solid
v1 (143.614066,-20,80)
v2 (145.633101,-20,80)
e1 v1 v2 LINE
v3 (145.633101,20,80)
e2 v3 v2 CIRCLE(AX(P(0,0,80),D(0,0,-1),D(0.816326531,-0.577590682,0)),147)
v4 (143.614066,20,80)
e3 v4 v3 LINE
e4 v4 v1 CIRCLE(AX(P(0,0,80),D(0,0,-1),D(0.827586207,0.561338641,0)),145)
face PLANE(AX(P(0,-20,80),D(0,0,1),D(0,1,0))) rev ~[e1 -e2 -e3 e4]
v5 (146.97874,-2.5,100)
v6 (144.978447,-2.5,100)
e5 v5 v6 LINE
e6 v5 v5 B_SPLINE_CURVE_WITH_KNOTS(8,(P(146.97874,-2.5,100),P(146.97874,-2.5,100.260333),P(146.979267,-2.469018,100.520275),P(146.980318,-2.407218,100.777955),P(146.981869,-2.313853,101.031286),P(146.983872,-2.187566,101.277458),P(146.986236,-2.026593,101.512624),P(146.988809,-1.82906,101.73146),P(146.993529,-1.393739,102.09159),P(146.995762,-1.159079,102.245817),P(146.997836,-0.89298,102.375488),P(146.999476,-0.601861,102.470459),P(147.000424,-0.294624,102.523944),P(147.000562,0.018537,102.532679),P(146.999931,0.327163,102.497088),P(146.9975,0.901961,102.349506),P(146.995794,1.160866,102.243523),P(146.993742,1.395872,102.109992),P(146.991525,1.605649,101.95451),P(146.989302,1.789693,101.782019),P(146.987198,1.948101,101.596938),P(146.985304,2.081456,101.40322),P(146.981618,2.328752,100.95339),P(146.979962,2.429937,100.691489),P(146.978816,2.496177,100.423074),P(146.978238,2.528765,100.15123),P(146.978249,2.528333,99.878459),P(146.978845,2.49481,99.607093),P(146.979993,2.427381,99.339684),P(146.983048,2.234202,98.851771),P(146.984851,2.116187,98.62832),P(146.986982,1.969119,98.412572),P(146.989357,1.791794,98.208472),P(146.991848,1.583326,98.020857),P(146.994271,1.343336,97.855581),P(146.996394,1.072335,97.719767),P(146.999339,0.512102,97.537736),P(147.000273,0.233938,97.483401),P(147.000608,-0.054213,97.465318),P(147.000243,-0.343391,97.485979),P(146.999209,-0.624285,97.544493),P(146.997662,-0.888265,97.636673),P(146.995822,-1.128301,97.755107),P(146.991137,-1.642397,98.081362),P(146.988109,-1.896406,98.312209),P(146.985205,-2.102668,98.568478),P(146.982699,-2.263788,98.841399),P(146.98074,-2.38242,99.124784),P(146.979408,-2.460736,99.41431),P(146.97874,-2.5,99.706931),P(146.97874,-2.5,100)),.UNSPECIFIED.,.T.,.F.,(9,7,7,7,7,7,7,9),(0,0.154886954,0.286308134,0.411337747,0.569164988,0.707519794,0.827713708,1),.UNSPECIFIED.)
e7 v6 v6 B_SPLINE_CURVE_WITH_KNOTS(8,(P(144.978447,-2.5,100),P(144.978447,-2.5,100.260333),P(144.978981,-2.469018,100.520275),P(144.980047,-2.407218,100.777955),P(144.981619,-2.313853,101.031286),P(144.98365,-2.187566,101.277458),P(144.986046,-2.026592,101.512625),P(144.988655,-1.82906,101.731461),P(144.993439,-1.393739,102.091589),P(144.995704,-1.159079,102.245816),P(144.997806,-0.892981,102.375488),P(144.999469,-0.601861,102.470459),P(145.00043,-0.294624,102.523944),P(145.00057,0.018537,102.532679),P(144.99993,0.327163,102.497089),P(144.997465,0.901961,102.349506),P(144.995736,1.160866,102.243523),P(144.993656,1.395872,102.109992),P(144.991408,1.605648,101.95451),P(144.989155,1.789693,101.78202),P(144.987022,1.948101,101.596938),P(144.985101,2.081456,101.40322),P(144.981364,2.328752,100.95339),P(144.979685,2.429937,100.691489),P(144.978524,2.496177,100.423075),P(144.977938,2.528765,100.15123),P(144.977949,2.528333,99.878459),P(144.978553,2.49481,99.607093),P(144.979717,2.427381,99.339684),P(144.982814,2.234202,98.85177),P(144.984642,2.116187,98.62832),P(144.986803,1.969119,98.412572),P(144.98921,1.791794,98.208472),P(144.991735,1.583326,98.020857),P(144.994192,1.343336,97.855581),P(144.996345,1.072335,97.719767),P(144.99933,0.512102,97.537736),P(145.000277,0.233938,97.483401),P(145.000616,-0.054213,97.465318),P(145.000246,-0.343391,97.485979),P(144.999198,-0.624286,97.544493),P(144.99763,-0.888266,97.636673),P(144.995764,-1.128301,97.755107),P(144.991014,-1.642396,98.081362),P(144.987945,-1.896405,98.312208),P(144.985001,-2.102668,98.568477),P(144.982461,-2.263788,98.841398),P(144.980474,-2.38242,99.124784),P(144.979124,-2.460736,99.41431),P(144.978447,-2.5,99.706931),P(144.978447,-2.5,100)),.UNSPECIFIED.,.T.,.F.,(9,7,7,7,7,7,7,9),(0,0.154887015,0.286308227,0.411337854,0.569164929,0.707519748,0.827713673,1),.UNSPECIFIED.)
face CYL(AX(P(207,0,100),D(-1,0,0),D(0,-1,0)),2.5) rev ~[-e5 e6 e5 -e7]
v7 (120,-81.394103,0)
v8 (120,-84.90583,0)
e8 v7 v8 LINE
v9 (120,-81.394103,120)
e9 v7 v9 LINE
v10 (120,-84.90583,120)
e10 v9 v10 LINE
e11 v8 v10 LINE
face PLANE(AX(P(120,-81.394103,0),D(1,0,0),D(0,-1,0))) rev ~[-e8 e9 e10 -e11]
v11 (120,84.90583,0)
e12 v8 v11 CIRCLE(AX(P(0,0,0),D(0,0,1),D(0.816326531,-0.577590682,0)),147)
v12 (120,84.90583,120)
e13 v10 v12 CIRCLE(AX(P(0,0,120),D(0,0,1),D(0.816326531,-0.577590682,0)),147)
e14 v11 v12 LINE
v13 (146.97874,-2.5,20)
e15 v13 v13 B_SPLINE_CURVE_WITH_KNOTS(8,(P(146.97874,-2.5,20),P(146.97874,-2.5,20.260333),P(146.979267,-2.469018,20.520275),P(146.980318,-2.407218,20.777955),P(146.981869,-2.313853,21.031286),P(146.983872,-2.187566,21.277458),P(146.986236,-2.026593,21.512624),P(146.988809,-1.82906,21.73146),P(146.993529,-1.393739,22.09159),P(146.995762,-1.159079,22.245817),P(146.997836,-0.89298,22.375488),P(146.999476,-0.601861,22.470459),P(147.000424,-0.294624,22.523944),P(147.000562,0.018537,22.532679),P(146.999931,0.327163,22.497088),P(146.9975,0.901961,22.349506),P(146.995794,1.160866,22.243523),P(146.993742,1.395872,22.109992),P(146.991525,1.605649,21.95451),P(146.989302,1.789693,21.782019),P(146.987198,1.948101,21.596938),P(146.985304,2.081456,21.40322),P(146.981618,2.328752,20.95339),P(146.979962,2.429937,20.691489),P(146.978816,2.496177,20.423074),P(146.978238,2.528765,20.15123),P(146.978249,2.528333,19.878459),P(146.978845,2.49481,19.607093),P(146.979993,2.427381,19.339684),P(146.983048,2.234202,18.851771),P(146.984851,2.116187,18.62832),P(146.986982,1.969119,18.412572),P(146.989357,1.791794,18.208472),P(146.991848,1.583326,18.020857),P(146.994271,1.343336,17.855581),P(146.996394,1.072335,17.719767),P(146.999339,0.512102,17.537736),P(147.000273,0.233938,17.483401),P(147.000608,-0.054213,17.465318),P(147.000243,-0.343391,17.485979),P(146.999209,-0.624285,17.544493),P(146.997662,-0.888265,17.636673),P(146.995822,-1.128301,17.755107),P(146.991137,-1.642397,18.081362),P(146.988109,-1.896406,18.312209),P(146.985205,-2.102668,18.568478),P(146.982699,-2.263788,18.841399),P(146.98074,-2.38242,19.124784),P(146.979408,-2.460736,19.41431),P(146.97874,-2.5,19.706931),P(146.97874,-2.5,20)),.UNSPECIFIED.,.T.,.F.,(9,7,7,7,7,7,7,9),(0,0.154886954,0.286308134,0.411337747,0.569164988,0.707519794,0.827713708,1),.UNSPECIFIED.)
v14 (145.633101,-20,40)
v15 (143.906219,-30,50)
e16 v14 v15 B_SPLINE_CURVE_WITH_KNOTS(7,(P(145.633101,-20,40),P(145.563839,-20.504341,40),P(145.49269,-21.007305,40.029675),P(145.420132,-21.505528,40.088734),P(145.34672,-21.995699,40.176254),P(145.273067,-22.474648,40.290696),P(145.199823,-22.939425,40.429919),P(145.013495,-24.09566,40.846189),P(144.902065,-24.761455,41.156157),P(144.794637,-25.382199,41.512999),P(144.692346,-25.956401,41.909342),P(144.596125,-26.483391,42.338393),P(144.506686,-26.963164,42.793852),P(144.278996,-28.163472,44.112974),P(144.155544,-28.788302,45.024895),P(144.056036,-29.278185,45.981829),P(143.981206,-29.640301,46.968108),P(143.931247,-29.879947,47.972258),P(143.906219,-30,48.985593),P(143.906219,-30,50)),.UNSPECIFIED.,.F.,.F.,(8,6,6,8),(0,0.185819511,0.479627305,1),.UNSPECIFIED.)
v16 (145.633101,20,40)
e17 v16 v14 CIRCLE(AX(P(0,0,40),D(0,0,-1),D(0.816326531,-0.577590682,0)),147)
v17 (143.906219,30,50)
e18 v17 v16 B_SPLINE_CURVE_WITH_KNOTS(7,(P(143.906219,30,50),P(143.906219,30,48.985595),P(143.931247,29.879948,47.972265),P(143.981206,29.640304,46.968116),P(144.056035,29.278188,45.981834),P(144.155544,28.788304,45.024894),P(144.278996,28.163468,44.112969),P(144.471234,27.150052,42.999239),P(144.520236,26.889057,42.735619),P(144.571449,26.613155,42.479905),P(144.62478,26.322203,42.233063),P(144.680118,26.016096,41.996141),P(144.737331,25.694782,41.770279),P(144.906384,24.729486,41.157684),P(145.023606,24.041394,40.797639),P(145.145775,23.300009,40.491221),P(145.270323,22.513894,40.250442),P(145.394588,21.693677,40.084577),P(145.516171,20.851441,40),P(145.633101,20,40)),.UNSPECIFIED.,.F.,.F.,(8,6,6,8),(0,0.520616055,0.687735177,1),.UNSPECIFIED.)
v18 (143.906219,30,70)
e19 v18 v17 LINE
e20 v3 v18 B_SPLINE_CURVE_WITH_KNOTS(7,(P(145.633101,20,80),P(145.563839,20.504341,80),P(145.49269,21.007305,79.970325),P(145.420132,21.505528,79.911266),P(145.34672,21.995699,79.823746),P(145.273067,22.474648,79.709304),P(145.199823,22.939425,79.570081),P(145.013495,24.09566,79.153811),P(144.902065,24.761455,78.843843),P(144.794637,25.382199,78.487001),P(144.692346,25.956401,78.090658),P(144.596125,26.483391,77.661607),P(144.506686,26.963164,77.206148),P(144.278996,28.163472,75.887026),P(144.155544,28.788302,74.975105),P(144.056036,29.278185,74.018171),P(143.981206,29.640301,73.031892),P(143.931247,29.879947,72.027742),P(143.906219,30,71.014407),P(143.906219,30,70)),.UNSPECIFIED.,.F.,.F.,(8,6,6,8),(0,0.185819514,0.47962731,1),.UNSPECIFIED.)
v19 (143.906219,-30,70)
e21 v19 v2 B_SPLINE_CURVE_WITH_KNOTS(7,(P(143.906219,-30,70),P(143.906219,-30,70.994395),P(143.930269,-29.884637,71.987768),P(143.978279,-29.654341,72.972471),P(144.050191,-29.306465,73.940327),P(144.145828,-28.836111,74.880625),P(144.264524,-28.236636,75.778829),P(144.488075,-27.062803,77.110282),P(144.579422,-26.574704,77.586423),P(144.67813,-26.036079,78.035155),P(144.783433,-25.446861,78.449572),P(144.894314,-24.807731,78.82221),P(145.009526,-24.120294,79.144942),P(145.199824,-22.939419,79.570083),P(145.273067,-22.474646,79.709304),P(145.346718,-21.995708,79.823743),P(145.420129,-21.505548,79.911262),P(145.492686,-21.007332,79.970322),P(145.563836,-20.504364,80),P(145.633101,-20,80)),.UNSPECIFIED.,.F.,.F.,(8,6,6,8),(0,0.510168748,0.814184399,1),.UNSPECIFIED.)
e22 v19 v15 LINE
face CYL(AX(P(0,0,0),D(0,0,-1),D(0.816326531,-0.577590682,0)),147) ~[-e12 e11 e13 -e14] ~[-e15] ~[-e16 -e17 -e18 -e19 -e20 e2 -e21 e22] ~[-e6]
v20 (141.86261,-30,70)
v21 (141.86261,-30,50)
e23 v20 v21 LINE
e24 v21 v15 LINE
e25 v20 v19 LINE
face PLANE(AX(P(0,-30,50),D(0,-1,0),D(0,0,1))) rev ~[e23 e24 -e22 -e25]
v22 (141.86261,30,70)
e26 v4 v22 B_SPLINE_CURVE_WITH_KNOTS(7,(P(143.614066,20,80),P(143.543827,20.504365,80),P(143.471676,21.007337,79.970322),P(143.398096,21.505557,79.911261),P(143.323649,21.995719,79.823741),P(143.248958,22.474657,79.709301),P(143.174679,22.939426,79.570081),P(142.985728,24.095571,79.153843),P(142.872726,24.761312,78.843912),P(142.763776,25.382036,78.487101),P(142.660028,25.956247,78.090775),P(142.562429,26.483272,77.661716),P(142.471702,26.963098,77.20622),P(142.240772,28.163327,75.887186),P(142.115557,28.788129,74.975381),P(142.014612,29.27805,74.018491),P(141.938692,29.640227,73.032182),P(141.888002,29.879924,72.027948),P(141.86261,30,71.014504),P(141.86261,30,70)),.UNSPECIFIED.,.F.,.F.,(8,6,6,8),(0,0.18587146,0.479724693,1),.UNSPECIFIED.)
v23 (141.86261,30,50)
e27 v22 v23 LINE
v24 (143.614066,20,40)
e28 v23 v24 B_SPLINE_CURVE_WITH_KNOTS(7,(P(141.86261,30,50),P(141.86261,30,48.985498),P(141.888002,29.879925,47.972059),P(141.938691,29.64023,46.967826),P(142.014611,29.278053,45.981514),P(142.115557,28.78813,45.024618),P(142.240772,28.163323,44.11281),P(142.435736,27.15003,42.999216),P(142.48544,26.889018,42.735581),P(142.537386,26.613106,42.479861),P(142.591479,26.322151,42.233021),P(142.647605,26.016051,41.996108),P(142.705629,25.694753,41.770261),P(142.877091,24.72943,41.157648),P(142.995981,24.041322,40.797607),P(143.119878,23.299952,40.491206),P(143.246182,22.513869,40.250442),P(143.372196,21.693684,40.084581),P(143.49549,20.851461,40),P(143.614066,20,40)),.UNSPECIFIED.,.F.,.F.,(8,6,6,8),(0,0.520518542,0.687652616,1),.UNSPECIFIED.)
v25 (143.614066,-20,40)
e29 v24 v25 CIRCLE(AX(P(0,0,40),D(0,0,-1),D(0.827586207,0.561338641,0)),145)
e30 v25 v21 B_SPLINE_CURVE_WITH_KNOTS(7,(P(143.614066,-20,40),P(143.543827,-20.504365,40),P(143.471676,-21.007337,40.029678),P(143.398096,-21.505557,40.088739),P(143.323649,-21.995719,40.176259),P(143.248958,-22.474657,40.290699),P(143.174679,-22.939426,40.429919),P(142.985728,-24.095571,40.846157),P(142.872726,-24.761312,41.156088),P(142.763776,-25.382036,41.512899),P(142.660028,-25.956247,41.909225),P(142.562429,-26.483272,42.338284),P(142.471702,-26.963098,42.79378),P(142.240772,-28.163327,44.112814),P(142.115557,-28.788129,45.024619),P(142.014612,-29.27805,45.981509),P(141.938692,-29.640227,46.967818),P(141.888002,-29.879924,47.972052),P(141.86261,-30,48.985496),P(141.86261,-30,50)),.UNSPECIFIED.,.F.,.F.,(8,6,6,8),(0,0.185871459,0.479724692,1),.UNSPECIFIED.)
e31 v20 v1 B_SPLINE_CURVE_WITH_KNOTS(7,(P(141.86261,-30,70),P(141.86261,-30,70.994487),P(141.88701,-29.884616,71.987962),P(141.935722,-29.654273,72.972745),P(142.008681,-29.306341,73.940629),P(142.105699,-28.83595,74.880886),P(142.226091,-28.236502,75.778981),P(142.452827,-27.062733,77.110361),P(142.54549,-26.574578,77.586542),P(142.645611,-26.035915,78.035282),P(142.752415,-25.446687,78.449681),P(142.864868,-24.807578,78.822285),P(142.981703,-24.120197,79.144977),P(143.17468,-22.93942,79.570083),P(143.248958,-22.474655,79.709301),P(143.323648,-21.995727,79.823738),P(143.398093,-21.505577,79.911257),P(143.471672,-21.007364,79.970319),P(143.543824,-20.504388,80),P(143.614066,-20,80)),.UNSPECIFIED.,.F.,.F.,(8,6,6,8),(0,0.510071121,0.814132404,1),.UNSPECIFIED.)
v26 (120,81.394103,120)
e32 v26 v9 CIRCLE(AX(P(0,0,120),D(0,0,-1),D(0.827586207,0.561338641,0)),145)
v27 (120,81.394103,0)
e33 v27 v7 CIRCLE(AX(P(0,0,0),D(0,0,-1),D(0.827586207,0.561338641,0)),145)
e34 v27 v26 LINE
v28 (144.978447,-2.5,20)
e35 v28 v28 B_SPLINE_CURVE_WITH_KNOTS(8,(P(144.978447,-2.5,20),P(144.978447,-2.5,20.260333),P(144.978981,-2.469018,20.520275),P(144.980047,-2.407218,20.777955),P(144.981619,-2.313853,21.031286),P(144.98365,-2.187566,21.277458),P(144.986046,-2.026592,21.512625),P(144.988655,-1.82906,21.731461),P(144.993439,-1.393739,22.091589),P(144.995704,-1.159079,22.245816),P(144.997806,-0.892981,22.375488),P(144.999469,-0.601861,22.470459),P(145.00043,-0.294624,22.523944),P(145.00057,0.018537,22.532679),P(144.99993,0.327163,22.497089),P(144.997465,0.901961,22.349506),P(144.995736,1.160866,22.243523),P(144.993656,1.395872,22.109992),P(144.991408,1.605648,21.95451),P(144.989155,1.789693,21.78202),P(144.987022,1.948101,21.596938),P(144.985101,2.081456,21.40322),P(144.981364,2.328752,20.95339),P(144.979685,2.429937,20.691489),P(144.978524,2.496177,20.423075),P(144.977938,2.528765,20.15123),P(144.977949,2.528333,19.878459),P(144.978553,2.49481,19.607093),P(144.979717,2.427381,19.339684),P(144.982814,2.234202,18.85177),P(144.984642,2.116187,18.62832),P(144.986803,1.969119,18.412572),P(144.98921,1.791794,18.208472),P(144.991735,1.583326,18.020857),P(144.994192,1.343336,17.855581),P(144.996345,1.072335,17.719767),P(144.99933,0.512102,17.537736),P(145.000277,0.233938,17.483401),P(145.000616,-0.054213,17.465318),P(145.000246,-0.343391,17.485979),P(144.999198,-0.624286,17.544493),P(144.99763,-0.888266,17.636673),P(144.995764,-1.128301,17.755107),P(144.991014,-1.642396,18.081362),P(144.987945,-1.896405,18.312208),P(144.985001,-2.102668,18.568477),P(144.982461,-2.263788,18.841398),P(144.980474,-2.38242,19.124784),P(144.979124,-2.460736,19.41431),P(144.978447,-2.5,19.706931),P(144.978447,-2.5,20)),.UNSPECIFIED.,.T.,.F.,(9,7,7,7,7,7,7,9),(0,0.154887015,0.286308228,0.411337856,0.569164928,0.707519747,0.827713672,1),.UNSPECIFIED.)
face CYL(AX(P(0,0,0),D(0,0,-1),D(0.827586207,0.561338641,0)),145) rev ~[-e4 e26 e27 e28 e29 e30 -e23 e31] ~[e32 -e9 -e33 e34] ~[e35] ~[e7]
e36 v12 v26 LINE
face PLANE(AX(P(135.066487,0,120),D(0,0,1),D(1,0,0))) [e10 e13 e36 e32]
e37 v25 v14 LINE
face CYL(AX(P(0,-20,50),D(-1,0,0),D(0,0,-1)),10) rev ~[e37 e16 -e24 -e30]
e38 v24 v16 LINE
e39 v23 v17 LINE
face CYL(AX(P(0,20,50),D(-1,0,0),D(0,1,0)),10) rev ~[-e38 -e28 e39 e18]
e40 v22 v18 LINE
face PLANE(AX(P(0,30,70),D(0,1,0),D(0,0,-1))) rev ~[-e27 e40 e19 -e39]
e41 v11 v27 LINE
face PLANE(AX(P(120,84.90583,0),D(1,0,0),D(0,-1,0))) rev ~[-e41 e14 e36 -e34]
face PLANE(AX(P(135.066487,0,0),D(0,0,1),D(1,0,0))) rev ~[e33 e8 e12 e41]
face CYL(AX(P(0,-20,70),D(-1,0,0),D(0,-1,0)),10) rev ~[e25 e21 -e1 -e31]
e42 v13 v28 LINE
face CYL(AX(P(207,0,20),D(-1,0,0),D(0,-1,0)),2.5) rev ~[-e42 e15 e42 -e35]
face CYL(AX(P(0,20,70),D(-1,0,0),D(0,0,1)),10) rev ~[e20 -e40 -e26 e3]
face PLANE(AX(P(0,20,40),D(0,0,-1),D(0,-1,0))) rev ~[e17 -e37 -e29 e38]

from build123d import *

# Parameters (mm, degrees)
BOSS_EXTRU_1_DEPTH                = 120
DIAM_TRE_DU_PER_AGE_5_0_5_1_D     = 5
DIAM_TRE_DU_PER_AGE_5_0_5_1_DEPTH = 60
DIAM_TRE_DU_PER_AGE_5_0_5_1_TIP   = 1.502151548
ENL_V_MAT_EXTRU_2_DEPTH           = 208.889393843


with BuildPart() as part:
    # Esquisse1 → Boss.-Extru.1 (new body)
    with BuildSketch(Plane.XY):
        with BuildLine():
            Line((120, 84.905830189), (120, 81.39410298))
            ThreePointArc((120, 81.39410298), (145, 0), (120, -81.39410298))
            Line((120, -81.39410298), (120, -84.905830189))
            ThreePointArc((120, -84.905830189), (147, 0), (120, 84.905830189))
        make_face()
    extrude(amount=BOSS_EXTRU_1_DEPTH)

    # Diamètre du perçage Ø5.0 (5)1
    with Locations(Plane(origin=(147, 0, 20), x_dir=(0, 1, 0), z_dir=(1, 0, 0))):
        with Locations((0, 0), (0, 80)):
            Hole(DIAM_TRE_DU_PER_AGE_5_0_5_1_D / 2, depth=DIAM_TRE_DU_PER_AGE_5_0_5_1_DEPTH)
            with Locations((0, 0, -(DIAM_TRE_DU_PER_AGE_5_0_5_1_DEPTH + DIAM_TRE_DU_PER_AGE_5_0_5_1_TIP / 2))):  # 118° drill point
                Cone(0, DIAM_TRE_DU_PER_AGE_5_0_5_1_D / 2, DIAM_TRE_DU_PER_AGE_5_0_5_1_TIP, mode=Mode.SUBTRACT)

    # Esquisse3 → Enlèv. mat.-Extru.2 (cut, through all)
    with BuildSketch(Plane(origin=(0, 0, 0), x_dir=(0, 0, -1), z_dir=(1, 0, 0))):
        with BuildLine():
            Line((-70, 30), (-50, 30))
            ThreePointArc((-50, 30), (-42.928932188, 27.071067812), (-40, 20))
            Line((-40, 20), (-40, -20))
            ThreePointArc((-40, -20), (-42.928932188, -27.071067812), (-50, -30))
            Line((-50, -30), (-70, -30))
            ThreePointArc((-70, -30), (-77.071067812, -27.071067812), (-80, -20))
            Line((-80, -20), (-80, 20))
            ThreePointArc((-80, 20), (-77.071067812, 27.071067812), (-70, 30))
        make_face()
    extrude(amount=ENL_V_MAT_EXTRU_2_DEPTH, mode=Mode.SUBTRACT)


solid = part.part
